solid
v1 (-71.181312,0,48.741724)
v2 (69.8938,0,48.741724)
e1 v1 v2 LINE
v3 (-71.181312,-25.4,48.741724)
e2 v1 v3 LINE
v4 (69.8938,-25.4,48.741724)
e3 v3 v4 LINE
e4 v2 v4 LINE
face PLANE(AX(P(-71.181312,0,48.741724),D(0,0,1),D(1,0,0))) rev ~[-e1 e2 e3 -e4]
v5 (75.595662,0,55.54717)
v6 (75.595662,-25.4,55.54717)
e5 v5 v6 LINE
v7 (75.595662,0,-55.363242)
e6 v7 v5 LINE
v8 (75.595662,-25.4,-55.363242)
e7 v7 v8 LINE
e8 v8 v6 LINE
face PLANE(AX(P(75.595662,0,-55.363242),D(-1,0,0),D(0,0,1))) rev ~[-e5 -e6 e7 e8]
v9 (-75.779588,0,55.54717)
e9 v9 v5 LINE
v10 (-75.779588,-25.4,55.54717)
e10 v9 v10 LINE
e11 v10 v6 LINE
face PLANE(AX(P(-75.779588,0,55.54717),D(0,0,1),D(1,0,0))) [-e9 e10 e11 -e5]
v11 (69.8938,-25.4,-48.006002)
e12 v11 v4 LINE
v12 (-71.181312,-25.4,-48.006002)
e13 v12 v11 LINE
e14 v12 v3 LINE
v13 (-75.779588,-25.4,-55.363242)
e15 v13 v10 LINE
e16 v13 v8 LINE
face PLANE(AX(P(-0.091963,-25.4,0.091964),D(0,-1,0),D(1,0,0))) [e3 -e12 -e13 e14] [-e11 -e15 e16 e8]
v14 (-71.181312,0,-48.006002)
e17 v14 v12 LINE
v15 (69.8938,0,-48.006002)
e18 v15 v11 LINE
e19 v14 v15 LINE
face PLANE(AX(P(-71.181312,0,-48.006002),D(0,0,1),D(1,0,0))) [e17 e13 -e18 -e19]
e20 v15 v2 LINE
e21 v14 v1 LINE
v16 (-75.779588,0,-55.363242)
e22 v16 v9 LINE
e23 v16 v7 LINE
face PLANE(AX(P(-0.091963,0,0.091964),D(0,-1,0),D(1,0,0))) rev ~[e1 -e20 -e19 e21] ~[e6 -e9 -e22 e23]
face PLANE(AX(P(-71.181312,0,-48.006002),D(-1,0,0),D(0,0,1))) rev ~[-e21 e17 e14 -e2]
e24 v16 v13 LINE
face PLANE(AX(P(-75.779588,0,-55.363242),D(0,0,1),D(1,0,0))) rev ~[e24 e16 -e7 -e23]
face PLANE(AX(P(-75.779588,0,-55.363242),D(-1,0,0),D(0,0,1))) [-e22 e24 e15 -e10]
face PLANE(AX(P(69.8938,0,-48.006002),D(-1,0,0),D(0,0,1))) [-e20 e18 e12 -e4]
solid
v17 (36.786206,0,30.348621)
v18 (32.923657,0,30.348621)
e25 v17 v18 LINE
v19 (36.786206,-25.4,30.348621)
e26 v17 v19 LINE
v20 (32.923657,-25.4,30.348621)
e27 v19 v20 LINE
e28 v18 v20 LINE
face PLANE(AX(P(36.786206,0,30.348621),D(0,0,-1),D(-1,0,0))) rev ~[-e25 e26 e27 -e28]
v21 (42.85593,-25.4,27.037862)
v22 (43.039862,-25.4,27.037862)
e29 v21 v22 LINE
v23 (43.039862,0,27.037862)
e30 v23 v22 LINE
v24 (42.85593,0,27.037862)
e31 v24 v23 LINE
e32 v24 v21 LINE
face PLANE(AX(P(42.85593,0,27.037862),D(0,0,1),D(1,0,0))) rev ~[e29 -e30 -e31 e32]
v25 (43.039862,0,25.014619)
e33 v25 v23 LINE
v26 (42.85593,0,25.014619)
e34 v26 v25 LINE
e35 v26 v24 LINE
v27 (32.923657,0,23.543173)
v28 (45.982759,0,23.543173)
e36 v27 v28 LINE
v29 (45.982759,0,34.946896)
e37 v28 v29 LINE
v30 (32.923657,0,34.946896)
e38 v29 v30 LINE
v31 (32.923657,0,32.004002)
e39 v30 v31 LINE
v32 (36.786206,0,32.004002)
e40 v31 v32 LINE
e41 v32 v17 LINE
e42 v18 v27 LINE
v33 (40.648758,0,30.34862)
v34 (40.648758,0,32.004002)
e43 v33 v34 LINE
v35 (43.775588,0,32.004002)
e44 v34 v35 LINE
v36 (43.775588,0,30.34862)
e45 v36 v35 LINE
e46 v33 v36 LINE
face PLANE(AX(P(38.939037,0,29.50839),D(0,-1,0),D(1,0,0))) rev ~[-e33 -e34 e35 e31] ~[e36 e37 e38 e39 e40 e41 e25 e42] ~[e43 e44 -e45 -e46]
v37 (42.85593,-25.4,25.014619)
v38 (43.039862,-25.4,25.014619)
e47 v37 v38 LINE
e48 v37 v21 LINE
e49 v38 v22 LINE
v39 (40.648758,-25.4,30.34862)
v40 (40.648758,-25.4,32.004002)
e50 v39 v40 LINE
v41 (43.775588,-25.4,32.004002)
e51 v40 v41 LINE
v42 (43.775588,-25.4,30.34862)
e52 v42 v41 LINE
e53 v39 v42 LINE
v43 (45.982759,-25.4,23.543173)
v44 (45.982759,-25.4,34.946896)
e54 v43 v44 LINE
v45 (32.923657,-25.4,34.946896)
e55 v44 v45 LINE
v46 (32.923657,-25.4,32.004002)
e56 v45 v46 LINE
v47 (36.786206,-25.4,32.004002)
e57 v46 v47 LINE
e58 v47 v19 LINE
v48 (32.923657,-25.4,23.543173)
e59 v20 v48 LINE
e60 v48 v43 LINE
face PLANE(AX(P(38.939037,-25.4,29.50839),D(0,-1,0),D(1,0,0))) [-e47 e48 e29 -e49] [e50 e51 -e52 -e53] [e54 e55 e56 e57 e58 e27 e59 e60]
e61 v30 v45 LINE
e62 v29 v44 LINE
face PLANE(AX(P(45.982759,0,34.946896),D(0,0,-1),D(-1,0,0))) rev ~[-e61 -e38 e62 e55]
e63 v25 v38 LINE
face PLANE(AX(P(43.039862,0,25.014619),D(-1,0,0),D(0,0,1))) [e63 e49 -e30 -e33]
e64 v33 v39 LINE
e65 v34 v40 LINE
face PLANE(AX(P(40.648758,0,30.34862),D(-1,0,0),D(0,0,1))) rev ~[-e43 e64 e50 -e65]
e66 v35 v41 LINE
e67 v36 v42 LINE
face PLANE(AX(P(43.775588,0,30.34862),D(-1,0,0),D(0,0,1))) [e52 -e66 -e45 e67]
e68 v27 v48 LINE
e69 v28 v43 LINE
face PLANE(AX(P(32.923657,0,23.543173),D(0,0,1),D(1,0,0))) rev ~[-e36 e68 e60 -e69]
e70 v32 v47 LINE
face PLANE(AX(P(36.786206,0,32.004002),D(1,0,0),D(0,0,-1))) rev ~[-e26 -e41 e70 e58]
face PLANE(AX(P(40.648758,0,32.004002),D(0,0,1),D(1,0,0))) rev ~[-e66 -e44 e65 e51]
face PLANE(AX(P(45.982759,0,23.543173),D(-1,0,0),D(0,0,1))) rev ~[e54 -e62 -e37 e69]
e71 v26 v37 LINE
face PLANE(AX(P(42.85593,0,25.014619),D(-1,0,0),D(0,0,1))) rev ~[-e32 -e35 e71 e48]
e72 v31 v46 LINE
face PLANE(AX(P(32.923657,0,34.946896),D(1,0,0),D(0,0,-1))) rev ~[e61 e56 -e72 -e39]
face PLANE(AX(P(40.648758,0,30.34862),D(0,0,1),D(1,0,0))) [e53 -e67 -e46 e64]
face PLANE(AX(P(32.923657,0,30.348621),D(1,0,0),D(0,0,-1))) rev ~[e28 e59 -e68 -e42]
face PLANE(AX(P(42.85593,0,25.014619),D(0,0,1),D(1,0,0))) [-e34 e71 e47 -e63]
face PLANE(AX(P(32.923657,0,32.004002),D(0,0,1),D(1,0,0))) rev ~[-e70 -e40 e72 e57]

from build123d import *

# Parameters (mm, degrees)
F0_W     = 151.375249
F0_H     = 110.910412
F0_W_2   = 141.075112
F0_H_2   = 96.747726
F1_DEPTH = 25.4
F2_W     = 0.183932
F2_H     = 2.023243
F2_W_2   = 3.12683
F2_H_2   = 1.655381
F3_DEPTH = 25.4


with BuildPart() as f1:
    # F0 (on Front) → F1 (new body)
    with BuildSketch(Plane.XZ):
        with Locations((-0.091963, 0.091964)):
            Rectangle(F0_W, F0_H)
        with Locations((-0.643756, 0.367861)):
            Rectangle(F0_W_2, F0_H_2, mode=Mode.SUBTRACT)
    extrude(amount=F1_DEPTH)


with BuildPart() as f3:
    # F2 (on Front) → F3 (new body)
    with BuildSketch(Plane.XZ):
        Polygon((32.923657, 23.543173), (45.982759, 23.543173), (45.982759, 34.946896), (32.923657, 34.946896), (32.923657, 32.004002), (36.786206, 32.004002), (36.786206, 30.348621), (32.923657, 30.348621), align=None)
        with Locations((42.947896, 26.026241)):
            Rectangle(F2_W, F2_H, mode=Mode.SUBTRACT)
        with Locations((42.212173, 31.176311)):
            Rectangle(F2_W_2, F2_H_2, mode=Mode.SUBTRACT)
    extrude(amount=F3_DEPTH)


solid = Compound([f1.part, f3.part])
